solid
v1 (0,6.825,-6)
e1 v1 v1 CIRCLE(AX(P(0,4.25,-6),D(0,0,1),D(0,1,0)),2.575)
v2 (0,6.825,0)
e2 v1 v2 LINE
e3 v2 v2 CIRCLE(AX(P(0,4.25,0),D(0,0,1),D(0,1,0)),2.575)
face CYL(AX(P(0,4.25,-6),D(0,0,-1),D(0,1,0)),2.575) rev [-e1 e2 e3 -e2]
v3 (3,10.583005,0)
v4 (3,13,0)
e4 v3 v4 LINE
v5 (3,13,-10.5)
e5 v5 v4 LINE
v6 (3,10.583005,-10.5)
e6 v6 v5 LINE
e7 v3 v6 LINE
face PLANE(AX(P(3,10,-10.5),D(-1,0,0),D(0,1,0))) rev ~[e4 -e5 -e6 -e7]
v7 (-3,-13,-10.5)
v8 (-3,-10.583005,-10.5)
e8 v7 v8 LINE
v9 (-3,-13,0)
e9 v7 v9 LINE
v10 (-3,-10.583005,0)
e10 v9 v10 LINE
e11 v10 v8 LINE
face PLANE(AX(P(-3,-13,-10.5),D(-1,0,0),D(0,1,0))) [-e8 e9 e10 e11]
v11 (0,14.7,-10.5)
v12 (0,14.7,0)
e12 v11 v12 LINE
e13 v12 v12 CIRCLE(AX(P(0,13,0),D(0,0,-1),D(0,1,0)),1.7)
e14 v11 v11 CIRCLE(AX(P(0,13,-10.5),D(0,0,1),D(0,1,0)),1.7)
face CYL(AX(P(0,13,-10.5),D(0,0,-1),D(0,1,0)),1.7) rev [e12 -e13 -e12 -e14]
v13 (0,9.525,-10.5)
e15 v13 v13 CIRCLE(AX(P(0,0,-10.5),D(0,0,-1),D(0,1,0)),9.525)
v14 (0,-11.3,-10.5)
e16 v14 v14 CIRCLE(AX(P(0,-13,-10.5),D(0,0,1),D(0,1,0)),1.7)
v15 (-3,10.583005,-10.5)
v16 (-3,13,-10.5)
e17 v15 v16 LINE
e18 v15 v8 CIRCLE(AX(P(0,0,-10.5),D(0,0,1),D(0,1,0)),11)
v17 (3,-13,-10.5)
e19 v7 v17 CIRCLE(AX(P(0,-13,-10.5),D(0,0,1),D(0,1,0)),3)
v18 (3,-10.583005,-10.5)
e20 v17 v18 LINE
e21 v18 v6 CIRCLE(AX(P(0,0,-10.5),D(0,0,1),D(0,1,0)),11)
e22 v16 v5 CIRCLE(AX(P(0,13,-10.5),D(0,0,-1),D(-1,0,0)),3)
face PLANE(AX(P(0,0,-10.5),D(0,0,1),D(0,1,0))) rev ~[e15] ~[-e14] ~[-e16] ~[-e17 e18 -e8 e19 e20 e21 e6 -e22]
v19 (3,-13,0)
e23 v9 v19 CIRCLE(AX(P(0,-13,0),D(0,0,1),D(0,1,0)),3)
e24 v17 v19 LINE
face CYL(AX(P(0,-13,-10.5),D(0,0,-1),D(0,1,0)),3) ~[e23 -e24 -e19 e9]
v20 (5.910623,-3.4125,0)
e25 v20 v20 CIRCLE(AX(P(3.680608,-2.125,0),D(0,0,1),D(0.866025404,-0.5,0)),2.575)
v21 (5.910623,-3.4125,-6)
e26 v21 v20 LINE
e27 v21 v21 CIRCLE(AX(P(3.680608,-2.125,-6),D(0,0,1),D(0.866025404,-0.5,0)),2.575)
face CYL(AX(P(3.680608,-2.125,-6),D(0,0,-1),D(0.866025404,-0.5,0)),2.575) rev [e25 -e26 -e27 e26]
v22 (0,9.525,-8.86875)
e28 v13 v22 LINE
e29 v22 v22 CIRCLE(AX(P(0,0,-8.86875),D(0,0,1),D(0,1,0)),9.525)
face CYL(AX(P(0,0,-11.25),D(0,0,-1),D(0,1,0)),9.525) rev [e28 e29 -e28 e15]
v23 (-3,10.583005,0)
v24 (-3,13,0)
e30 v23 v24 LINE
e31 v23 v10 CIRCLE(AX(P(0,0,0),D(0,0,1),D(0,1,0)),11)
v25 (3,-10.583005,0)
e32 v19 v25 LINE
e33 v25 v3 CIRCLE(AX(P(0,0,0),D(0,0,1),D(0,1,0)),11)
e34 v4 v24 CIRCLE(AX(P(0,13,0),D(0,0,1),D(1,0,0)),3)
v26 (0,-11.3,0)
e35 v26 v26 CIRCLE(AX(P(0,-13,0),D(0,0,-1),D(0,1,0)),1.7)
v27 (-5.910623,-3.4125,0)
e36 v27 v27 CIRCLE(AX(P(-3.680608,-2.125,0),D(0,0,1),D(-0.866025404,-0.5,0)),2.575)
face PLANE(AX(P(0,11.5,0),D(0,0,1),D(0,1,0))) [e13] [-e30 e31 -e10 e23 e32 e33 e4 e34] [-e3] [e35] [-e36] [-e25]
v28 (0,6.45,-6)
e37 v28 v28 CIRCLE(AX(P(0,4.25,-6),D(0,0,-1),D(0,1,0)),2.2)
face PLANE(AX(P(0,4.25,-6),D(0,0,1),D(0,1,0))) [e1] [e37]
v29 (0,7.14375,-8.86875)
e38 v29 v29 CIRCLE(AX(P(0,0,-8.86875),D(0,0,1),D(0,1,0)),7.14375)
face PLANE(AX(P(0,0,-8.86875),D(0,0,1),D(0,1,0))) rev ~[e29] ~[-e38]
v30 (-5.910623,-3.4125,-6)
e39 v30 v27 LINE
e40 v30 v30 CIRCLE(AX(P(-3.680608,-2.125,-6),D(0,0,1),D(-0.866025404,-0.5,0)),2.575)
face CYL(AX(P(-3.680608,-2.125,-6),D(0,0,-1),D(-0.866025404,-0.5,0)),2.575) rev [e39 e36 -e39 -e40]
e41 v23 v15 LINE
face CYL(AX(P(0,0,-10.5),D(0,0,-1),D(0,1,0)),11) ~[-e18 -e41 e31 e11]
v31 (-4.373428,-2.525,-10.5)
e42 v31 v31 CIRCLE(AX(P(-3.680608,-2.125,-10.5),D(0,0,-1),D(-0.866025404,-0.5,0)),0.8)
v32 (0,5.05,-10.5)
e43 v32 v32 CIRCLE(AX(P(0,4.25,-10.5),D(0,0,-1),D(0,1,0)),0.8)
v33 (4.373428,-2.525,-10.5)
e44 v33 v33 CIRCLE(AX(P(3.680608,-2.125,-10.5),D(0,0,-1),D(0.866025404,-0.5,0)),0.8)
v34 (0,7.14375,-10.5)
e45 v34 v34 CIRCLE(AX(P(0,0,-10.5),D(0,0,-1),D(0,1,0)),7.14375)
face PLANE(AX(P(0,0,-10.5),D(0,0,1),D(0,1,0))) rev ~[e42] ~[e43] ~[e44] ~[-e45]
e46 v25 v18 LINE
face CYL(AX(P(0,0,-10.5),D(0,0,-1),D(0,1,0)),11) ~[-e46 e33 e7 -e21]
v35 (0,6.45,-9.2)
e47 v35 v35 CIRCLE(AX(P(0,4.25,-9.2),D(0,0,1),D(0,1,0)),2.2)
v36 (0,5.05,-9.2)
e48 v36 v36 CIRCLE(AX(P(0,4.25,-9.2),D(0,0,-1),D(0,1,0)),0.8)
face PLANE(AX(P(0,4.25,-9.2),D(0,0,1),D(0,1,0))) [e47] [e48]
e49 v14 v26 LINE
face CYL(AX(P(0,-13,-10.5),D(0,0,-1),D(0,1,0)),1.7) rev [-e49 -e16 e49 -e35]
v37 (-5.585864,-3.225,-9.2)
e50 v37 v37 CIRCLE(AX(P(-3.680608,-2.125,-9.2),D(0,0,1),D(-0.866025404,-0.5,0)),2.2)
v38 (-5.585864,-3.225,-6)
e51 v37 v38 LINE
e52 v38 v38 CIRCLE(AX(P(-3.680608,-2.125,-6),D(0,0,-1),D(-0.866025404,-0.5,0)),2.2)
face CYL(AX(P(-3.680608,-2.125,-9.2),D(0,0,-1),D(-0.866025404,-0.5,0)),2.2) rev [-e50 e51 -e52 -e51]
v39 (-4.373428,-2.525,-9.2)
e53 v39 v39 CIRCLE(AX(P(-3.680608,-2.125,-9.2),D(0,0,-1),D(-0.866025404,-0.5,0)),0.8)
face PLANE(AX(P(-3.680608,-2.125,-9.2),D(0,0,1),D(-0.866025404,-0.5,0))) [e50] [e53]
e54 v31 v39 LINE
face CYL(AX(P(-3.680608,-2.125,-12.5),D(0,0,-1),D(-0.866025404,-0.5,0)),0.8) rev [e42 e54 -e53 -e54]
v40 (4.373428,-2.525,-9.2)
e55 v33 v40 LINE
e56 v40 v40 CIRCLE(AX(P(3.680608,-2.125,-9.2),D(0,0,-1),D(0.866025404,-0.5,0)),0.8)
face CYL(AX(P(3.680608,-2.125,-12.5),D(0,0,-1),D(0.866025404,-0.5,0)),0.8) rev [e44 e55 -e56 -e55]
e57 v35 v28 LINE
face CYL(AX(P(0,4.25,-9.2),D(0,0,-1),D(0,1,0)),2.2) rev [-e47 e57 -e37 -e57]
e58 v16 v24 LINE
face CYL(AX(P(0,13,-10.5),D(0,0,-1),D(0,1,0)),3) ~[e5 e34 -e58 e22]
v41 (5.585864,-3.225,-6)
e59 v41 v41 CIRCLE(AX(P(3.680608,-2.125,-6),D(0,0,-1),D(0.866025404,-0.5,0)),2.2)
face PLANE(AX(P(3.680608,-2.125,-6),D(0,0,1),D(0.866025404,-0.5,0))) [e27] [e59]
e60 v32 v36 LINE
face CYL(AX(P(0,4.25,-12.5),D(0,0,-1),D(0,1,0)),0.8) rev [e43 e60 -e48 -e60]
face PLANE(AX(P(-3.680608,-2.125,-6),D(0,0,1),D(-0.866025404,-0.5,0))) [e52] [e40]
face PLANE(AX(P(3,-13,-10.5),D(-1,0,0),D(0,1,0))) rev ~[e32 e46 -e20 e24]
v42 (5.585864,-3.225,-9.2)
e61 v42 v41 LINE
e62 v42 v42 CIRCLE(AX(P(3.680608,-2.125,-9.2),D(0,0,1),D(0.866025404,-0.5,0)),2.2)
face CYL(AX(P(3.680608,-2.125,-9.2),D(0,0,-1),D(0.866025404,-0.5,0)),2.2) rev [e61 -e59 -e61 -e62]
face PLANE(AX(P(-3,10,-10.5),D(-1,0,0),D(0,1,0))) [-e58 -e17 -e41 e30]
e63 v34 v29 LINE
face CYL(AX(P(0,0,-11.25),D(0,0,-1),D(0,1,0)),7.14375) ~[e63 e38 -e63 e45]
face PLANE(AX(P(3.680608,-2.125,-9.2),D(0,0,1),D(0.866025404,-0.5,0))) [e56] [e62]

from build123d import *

# Parameters (mm, degrees)
CYLINDER150_R       = 1.7
CYLINDER150_DEPTH   = 11
CYLINDER154_R       = 7.14375
CYLINDER154_DEPTH   = 2.38125
CYLINDER155_R       = 9.525
CYLINDER155_DEPTH   = 2.38125
CYLINDER157_R       = 2.2
CYLINDER157_DEPTH   = 9
CYLINDER156_R       = 0.8
CYLINDER156_DEPTH   = 5
CYLINDER147_R       = 2.575
CYLINDER147_DEPTH   = 6
ARRAY_COUNT         = 3
CYLINDER151_R       = 1.7
CYLINDER151_DEPTH   = 11
BOX001_W            = 3
BOX001_H            = 6
BOX001_DEPTH        = 10.5
BOX_W               = 3
BOX_H               = 6
BOX_DEPTH           = 10.5
CYLINDER_R          = 3
CYLINDER_DEPTH      = 10.5
CYLINDER153_R       = 11
CYLINDER153_DEPTH   = 10.5
CYLINDER158_R       = 3
CYLINDER158_DEPTH   = 10.5
CUT_PLACEMENT_ANGLE = 90


with BuildPart() as wirefeedsmount1:
    # Cylinder150 → Cylinder150 (new body)
    with BuildSketch(Plane(origin=(-13, 0, 0), x_dir=(1, 0, 0), z_dir=(0, 0, 1))):
        Circle(CYLINDER150_R)
    extrude(amount=CYLINDER150_DEPTH)


with BuildPart() as cylinder008:
    # Cylinder154 → Cylinder154 (new body)
    with BuildSketch(Plane.XY):
        Circle(CYLINDER154_R)
    extrude(amount=CYLINDER154_DEPTH)


with BuildPart() as oring:
    # Cylinder155 → Cylinder155 (new body)
    with BuildSketch(Plane.XY):
        Circle(CYLINDER155_R)
    extrude(amount=CYLINDER155_DEPTH)

    # Cut019: cut Cylinder008
    add(cylinder008.part, mode=Mode.SUBTRACT)


with BuildPart() as oring_1:
    # Cut019 placement: moved
    add(oring.part.moved(Location((0, 0, -0.75))))


with BuildPart() as sealsubtraction:
    # Cylinder157 → Cylinder157 (new body)
    with BuildSketch(Plane.XY.offset(1.3)):
        Circle(CYLINDER157_R)
    extrude(amount=CYLINDER157_DEPTH)


with BuildPart() as bottomwireoutlet:
    # Cylinder156 → Cylinder156 (new body)
    with BuildSketch(Plane.XY.offset(-2)):
        Circle(CYLINDER156_R)
    extrude(amount=CYLINDER156_DEPTH)


with BuildPart() as sealarray:
    # Cylinder147 → Cylinder147 (new body)
    with BuildSketch(Plane.XY.offset(4.5)):
        Circle(CYLINDER147_R)
    extrude(amount=CYLINDER147_DEPTH)

    # Fusion: union SealSubtraction, BottomWireOutlet
    add(sealsubtraction.part)
    add(bottomwireoutlet.part)


with BuildPart() as sealarray_1:
    # Fusion placement: moved
    add(sealarray.part.moved(Location((4.25, 0, 0))))

    # Array: SealArray ×3 about axis
    array_axis = Axis((0, 0, 0), (0, 0, 1))


with BuildPart() as sealarray_2:
    add(sealarray_1.part)
    for i in range(1, ARRAY_COUNT):
        add(sealarray_1.part.rotate(array_axis, i * 360 / ARRAY_COUNT))


with BuildPart() as fusion002:
    # Cylinder151 → Cylinder151 (new body)
    with BuildSketch(Plane(origin=(13, 0, 0), x_dir=(1, 0, 0), z_dir=(0, 0, 1))):
        Circle(CYLINDER151_R)
    extrude(amount=CYLINDER151_DEPTH)

    # Fusion002: union WireFeedsMount1, Oring, SealArray
    add(wirefeedsmount1.part)
    add(oring_1.part)
    add(sealarray_2.part)


with BuildPart() as mountcube002:
    # Box001 → Box001 (new body)
    with BuildSketch(Plane(origin=(10, -3, 0), x_dir=(1, 0, 0), z_dir=(0, 0, 1))):
        with Locations((1.5, 3)):
            Rectangle(BOX001_W, BOX001_H)
    extrude(amount=BOX001_DEPTH)


with BuildPart() as mountcube1:
    # Box → Box (new body)
    with BuildSketch(Plane(origin=(-13, -3, 0), x_dir=(1, 0, 0), z_dir=(0, 0, 1))):
        with Locations((1.5, 3)):
            Rectangle(BOX_W, BOX_H)
    extrude(amount=BOX_DEPTH)


with BuildPart() as mountflange1:
    # Cylinder → Cylinder (new body)
    with BuildSketch(Plane(origin=(-13, 0, 0), x_dir=(1, 0, 0), z_dir=(0, 0, 1))):
        Circle(CYLINDER_R)
    extrude(amount=CYLINDER_DEPTH)


with BuildPart() as body:
    # Cylinder153 → Cylinder153 (new body)
    with BuildSketch(Plane.XY):
        Circle(CYLINDER153_R)
    extrude(amount=CYLINDER153_DEPTH)


with BuildPart() as base_cut:
    # Cylinder158 → Cylinder158 (new body)
    with BuildSketch(Plane(origin=(13, 0, 0), x_dir=(1, 0, 0), z_dir=(0, 0, 1))):
        Circle(CYLINDER158_R)
    extrude(amount=CYLINDER158_DEPTH)

    # Fusion001: union MountCube002, MountCube1, MountFlange1, Body
    add(mountcube002.part)
    add(mountcube1.part)
    add(mountflange1.part)
    add(body.part)

    # Cut: cut Fusion002
    add(fusion002.part, mode=Mode.SUBTRACT)


with BuildPart() as base_cut_1:
    # Cut placement: moved
    add(base_cut.part.moved(Location((0, 0, -10.5))).rotate(Axis((0, 0, -10.5), (0, 0, 1)), CUT_PLACEMENT_ANGLE))


solid = base_cut_1.part
